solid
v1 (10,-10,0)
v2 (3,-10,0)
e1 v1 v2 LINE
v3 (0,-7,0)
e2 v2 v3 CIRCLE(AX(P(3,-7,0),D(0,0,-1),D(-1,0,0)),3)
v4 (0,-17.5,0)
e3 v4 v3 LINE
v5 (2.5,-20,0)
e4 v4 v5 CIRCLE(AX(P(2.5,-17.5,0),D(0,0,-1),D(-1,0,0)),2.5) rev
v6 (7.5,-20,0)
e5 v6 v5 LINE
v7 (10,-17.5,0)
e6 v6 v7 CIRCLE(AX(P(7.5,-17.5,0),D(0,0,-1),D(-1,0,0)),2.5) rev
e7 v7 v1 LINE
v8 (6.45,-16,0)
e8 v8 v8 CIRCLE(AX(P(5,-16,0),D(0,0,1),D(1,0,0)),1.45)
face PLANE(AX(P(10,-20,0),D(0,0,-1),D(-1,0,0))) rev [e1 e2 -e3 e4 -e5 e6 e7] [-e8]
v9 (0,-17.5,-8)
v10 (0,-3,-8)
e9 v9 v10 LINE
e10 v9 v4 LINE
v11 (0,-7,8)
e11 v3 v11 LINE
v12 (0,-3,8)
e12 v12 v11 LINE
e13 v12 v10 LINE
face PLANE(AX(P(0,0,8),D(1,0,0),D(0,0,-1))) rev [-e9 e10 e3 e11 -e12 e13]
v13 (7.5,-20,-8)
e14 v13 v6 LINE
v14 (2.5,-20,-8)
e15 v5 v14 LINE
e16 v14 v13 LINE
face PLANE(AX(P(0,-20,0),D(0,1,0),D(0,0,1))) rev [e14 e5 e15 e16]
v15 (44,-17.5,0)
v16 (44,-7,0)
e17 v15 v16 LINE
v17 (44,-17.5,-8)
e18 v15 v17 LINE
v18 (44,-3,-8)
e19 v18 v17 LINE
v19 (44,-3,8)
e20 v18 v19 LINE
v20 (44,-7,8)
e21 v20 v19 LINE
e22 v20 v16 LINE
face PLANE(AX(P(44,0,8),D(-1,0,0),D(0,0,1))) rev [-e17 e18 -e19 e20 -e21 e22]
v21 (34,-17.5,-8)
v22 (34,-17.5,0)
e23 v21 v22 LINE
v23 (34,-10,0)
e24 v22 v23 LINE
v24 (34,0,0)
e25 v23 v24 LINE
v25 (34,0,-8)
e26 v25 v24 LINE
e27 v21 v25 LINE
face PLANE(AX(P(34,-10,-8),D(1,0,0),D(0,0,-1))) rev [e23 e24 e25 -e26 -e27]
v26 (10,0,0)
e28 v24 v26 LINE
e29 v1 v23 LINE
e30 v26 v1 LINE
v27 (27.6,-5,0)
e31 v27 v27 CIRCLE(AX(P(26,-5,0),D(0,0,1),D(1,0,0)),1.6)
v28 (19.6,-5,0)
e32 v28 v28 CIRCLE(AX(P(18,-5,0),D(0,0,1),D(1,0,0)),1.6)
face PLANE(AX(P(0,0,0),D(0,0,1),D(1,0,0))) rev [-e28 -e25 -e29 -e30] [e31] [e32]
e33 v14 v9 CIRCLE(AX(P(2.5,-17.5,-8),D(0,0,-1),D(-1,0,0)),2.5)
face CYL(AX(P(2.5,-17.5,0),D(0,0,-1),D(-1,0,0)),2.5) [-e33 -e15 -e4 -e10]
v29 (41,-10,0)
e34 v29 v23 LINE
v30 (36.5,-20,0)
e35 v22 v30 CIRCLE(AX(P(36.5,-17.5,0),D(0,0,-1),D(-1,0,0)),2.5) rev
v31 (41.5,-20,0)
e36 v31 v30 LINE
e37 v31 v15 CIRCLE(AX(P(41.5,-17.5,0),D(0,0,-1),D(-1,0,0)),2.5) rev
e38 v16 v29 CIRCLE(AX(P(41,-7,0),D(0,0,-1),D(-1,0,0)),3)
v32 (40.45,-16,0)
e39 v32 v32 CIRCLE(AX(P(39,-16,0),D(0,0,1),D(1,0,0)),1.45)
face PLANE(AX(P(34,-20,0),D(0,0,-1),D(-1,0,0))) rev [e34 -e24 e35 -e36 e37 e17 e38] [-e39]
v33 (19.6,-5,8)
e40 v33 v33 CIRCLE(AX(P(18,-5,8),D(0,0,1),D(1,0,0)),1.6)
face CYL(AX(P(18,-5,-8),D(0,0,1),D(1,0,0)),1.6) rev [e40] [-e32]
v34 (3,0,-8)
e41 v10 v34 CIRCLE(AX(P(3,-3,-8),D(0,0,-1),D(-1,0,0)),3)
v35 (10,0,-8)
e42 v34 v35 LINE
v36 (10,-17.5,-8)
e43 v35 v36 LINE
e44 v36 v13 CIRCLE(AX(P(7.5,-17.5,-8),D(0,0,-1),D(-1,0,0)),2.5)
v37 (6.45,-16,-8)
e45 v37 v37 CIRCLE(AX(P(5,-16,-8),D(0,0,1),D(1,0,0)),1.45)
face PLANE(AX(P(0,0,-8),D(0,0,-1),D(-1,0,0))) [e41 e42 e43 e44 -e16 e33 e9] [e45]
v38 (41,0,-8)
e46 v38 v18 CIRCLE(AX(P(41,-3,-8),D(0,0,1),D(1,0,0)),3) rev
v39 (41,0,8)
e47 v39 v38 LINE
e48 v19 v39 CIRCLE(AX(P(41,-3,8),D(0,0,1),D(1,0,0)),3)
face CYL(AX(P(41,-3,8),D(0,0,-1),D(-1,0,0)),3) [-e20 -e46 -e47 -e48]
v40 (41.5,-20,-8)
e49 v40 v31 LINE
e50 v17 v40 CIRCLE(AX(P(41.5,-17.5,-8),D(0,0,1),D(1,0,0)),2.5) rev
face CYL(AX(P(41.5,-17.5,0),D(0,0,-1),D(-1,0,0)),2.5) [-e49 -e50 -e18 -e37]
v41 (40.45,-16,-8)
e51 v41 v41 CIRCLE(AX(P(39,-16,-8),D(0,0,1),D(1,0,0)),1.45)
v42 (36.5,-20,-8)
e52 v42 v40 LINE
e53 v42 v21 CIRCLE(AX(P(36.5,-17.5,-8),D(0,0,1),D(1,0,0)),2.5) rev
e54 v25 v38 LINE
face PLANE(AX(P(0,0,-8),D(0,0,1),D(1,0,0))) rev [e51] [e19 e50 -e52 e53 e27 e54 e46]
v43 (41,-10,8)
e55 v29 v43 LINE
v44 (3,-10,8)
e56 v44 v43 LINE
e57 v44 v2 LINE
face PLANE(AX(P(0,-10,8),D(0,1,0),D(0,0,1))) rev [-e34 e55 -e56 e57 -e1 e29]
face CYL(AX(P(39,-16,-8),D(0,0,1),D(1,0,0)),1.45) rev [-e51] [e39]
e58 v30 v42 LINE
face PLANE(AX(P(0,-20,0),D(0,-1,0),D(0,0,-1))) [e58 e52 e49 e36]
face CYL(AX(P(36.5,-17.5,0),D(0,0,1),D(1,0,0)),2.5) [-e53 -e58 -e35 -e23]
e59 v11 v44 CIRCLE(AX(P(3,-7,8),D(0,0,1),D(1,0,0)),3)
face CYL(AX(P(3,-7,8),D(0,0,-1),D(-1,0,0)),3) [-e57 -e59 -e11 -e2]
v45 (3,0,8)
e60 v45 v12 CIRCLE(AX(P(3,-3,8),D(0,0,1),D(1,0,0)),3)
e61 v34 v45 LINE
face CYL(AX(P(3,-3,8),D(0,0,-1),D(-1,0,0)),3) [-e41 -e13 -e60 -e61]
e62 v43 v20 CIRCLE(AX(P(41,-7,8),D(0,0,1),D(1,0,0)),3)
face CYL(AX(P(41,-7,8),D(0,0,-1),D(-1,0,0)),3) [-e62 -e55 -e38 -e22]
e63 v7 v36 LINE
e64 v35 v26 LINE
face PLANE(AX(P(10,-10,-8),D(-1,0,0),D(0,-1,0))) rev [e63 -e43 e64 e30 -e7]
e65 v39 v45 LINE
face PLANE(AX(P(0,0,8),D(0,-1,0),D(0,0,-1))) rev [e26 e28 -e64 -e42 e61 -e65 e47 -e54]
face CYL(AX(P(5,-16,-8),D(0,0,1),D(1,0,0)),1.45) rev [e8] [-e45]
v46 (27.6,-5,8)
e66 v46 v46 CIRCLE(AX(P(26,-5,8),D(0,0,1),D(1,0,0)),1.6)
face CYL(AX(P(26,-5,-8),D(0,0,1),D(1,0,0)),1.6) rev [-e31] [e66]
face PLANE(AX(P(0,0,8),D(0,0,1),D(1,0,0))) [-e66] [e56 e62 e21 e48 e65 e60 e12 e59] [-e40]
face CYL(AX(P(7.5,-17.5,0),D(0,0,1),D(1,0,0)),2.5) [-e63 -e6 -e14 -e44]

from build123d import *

# Parameters (mm, degrees)
SKETCH1_W           = 44
SKETCH1_H           = 10
BOSS_EXTRUDE1_DEPTH = 8
SKETCH4_W           = 10
SKETCH4_H           = 10
BOSS_EXTRUDE2_DEPTH = 8
SKETCH3_R           = 1.6
CUT_EXTRUDE2_DEPTH  = 48.874836814
SKETCH5_W           = 10
SKETCH5_H           = 8
BOSS_EXTRUDE3_DEPTH = 10
SKETCH6_R           = 1.45
CUT_EXTRUDE3_DEPTH  = 49.989794856
FILLET2_R           = 2.5
FILLET1_R           = 3


with BuildPart() as part:
    # Sketch1 → Boss-Extrude1 (new body)
    with BuildSketch(Plane.XY):
        with Locations((22, -5)):
            Rectangle(SKETCH1_W, SKETCH1_H)
    extrude(amount=BOSS_EXTRUDE1_DEPTH)

    # Sketch4 → Boss-Extrude2 (add)
    with BuildSketch(Plane(origin=(0, 0, 0), x_dir=(-1, 0, 0), z_dir=(0, 0, -1))):
        with Locations((-5, -5)):
            Rectangle(SKETCH4_W, SKETCH4_H)
        with Locations((-39, -5)):
            Rectangle(SKETCH4_W, SKETCH4_H)
    extrude(amount=BOSS_EXTRUDE2_DEPTH)

    # Sketch3 → Cut-Extrude2 (cut, through all)
    with BuildSketch(Plane.XY.offset(8)):
        with Locations((18, -5)):
            Circle(SKETCH3_R)
        with Locations((26, -5)):
            Circle(SKETCH3_R)
    extrude(amount=-CUT_EXTRUDE2_DEPTH, mode=Mode.SUBTRACT)

    # Sketch5 → Boss-Extrude3 (add)
    with BuildSketch(Plane(origin=(0, -10, 0), x_dir=(-1, 0, 0), z_dir=(0, -1, 0))):
        with Locations((-5, 4)):
            Rectangle(SKETCH5_W, SKETCH5_H)
        with Locations((-39, 4)):
            Rectangle(SKETCH5_W, SKETCH5_H)
    extrude(amount=BOSS_EXTRUDE3_DEPTH)

    # Sketch6 → Cut-Extrude3 (cut, through all)
    with BuildSketch(Plane.XY):
        with Locations((5, -16)):
            Circle(SKETCH6_R)
        with Locations((39, -16)):
            Circle(SKETCH6_R)
    extrude(amount=-CUT_EXTRUDE3_DEPTH, mode=Mode.SUBTRACT)

    # Fillet2
    fillet2_edges = [part.edges().sort_by_distance(p)[0] for p in [
        (10, -20, -4),
        (0, -20, -4),
        (34, -20, -4),
        (44, -20, -4),
    ]]
    fillet(fillet2_edges, radius=FILLET2_R)

    # Fillet1
    fillet1_edges = [part.edges().sort_by_distance(p)[0] for p in [
        (0, 0, 0),
        (44, 0, 0),
        (44, -10, 4),
        (0, -10, 4),
    ]]
    fillet(fillet1_edges, radius=FILLET1_R)


solid = part.part
